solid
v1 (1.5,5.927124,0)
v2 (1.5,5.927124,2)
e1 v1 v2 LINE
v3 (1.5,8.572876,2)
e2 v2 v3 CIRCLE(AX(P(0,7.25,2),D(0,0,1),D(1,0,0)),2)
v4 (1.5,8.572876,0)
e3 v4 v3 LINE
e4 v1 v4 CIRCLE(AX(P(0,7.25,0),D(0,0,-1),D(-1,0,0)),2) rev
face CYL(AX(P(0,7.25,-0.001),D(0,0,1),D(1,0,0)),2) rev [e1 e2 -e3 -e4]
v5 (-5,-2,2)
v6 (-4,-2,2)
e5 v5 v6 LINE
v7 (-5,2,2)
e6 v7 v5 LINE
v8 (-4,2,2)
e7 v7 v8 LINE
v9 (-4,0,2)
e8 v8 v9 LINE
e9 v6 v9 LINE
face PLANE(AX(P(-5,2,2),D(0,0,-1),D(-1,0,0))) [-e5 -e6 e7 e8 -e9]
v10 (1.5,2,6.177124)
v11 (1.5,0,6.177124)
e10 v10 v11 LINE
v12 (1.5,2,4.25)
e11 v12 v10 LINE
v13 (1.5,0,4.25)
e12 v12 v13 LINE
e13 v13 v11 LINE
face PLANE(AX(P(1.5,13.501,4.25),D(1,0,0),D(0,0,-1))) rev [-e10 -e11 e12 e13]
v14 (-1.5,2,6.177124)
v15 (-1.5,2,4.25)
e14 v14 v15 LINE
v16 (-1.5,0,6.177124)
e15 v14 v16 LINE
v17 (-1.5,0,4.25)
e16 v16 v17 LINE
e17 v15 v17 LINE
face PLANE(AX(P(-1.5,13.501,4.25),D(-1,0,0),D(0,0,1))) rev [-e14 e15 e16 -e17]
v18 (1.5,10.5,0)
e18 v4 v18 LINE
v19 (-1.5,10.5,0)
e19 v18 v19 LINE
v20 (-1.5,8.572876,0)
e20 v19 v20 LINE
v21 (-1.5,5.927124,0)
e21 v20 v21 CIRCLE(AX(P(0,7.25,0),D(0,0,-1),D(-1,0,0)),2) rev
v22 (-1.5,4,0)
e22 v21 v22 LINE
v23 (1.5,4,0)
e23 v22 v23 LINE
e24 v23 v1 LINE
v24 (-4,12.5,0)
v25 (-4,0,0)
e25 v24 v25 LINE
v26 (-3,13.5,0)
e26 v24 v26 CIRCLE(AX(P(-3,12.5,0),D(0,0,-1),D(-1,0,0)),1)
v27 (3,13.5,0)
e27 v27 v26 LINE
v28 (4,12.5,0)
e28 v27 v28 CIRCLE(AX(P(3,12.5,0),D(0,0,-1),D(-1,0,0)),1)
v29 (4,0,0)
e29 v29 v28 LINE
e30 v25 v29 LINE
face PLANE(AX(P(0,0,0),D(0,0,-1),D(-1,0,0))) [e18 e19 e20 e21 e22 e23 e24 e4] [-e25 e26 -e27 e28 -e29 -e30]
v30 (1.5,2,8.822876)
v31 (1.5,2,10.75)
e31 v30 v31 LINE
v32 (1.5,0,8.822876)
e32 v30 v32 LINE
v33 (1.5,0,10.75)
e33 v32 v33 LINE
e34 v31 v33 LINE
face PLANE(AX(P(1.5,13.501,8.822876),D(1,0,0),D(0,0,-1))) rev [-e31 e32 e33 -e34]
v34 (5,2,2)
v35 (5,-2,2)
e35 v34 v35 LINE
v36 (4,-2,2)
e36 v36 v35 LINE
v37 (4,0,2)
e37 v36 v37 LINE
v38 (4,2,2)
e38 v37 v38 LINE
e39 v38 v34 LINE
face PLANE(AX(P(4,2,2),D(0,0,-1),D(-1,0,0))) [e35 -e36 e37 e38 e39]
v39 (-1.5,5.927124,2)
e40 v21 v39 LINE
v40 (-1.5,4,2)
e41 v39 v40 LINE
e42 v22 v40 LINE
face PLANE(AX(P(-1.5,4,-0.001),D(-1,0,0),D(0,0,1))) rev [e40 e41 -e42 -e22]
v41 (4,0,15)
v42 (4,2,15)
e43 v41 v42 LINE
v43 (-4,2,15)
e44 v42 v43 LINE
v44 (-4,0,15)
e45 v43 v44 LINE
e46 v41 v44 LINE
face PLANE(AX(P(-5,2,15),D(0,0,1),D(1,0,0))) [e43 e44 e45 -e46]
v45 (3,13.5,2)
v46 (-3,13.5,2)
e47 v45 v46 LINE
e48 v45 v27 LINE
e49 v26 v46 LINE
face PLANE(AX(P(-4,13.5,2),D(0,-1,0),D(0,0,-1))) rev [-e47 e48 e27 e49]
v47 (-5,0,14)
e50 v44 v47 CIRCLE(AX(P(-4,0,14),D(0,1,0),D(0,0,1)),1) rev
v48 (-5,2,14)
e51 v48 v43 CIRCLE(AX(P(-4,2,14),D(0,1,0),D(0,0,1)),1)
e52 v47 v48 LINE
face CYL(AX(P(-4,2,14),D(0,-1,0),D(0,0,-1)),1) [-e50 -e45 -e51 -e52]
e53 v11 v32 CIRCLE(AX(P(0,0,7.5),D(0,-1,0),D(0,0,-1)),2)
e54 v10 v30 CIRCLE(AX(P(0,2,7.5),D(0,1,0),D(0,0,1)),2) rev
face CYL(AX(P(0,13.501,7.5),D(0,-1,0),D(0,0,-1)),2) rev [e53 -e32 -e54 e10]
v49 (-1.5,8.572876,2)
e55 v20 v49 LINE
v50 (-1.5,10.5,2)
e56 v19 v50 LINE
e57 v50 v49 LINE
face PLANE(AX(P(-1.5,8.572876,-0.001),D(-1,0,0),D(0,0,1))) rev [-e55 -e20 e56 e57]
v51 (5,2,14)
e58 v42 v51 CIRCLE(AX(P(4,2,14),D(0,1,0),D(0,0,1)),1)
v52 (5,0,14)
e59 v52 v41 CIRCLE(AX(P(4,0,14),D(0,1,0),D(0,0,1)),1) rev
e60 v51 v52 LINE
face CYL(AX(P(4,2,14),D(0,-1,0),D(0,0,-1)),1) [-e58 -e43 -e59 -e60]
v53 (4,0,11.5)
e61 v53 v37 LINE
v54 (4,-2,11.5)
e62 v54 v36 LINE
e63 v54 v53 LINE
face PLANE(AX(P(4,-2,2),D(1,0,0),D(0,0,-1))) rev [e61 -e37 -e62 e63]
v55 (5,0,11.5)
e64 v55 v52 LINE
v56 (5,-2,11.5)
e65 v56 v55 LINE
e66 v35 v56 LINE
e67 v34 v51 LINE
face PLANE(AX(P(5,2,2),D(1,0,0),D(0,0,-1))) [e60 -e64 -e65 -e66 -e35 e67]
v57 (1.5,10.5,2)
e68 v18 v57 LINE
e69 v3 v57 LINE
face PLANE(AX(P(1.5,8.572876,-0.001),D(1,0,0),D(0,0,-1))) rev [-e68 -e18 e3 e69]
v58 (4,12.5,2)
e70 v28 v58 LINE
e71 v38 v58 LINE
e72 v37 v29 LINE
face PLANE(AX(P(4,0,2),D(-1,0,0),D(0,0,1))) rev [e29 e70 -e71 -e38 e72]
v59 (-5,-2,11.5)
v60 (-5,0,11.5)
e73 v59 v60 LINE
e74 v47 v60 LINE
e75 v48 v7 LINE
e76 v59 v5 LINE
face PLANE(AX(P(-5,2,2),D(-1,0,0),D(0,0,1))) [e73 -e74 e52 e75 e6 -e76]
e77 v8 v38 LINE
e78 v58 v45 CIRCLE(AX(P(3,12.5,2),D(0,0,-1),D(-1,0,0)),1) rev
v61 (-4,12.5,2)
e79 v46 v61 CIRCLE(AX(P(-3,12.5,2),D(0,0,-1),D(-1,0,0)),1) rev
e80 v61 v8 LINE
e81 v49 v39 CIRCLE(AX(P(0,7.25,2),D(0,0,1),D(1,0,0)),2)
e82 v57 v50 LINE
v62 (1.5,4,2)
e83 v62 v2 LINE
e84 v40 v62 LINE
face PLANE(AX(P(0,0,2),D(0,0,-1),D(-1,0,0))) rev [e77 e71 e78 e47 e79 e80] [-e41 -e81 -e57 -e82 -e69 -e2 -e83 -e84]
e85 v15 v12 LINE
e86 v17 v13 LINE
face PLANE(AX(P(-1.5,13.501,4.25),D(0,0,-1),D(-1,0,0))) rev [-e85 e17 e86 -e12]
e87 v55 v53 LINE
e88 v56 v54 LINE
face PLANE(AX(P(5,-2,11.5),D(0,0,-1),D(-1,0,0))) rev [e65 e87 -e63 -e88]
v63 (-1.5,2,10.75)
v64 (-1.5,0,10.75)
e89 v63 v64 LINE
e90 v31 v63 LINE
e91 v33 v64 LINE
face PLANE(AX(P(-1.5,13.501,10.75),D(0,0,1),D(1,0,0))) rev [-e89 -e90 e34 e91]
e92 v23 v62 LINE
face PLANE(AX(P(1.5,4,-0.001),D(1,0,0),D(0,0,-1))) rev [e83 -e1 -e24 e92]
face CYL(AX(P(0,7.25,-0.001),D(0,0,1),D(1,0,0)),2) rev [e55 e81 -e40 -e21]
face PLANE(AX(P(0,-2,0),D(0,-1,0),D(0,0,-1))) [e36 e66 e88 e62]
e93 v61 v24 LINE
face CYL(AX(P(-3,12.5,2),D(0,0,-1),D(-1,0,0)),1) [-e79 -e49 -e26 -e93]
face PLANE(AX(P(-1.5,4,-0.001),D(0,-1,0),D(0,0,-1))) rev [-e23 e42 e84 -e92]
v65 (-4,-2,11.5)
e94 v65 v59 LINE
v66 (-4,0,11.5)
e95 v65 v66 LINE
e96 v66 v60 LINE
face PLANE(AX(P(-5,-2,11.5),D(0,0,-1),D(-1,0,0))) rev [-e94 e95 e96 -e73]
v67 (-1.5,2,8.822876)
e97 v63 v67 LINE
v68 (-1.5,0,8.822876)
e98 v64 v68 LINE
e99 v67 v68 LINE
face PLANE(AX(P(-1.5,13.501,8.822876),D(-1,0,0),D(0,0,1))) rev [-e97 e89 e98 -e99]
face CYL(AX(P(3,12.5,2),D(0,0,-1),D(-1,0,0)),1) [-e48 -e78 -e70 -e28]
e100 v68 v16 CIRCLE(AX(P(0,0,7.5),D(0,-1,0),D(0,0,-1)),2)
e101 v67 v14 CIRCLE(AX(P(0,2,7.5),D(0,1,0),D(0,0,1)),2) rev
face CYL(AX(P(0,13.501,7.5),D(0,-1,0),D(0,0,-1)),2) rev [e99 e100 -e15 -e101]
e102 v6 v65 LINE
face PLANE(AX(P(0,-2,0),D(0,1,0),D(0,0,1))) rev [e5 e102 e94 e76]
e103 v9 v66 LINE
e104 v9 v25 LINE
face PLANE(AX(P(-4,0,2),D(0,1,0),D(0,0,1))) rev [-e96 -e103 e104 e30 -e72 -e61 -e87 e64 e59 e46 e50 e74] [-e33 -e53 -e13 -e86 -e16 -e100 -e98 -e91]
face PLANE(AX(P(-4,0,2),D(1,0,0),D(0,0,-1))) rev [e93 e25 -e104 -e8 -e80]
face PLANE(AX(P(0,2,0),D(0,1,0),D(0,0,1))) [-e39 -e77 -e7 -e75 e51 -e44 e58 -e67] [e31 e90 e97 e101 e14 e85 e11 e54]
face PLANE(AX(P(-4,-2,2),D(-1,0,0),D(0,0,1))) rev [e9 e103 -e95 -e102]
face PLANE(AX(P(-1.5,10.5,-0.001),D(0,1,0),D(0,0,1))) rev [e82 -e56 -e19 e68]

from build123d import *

# Parameters (mm, degrees)
SKETCH_1_W          = 8
SKETCH_1_H          = 13.5
EXTRUDE_1_DEPTH     = 2
EXTRUDE_2_DEPTH     = 2
SKETCH_3_W          = 1
SKETCH_3_H          = 9.5
EXTRUDE_3_DEPTH     = 2
CUT_EXTRUDE_1_REACH = 22.791
CUT_EXTRUDE_2_REACH = 21.397
FILLET_1_R          = 1


with BuildPart() as part:
    # 草图1 → 凸台-拉伸1 (new body)
    with BuildSketch(Plane.XY):
        with Locations((0, 6.75)):
            Rectangle(SKETCH_1_W, SKETCH_1_H)
    extrude(amount=EXTRUDE_1_DEPTH)

    # 草图2 → 凸台-拉伸2 (add)
    with BuildSketch(Plane(origin=(0, 0, 0), x_dir=(-1, 0, 0), z_dir=(0, -1, 0))):
        Polygon((-4, -2), (-5, -2), (-5, -15), (5, -15), (5, -2), (4, -2), (4, 0), (-4, 0), align=None)
    extrude(amount=-EXTRUDE_2_DEPTH)

    # 草图3 → 凸台-拉伸3 (add)
    with BuildSketch(Plane(origin=(0, 0, 0), x_dir=(-1, 0, 0), z_dir=(0, -1, 0))):
        with Locations((4.5, -6.75)):
            Rectangle(SKETCH_3_W, SKETCH_3_H)
        with Locations((-4.5, -6.75)):
            Rectangle(SKETCH_3_W, SKETCH_3_H)
    extrude(amount=EXTRUDE_3_DEPTH)

    # 草图4 → 切除-拉伸1 (cut, up to next)
    with BuildSketch(Plane(origin=(0, 0, 0), x_dir=(-1, 0, 0), z_dir=(0, -1, 0)), mode=Mode.PRIVATE) as cut_extrude_1_sk1:
        with BuildLine():
            Line((1.5, -8.822875656), (1.5, -10.75))
            Line((1.5, -10.75), (-1.5, -10.75))
            Line((-1.5, -10.75), (-1.5, -8.822875656))
            ThreePointArc((-1.5, -8.822875656), (-2, -7.5), (-1.5, -6.177124344))
            Line((-1.5, -6.177124344), (-1.5, -4.25))
            Line((-1.5, -4.25), (1.5, -4.25))
            Line((1.5, -4.25), (1.5, -6.177124344))
            ThreePointArc((1.5, -6.177124344), (2, -7.5), (1.5, -8.822875656))
        make_face()
    cut_extrude_1_tool1 = extrude(cut_extrude_1_sk1.sketch, amount=-CUT_EXTRUDE_1_REACH, mode=Mode.PRIVATE) & part.part
    add(cut_extrude_1_tool1.solids().sort_by_distance((0, 0, 7.5))[0], mode=Mode.SUBTRACT)

    # 草图5 → 切除-拉伸2 (cut, up to next)
    with BuildSketch(Plane.XY.offset(2), mode=Mode.PRIVATE) as cut_extrude_2_sk1:
        with BuildLine():
            Line((-1.5, 8.572875656), (-1.5, 10.5))
            Line((-1.5, 10.5), (1.5, 10.5))
            Line((1.5, 10.5), (1.5, 8.572875656))
            ThreePointArc((1.5, 8.572875656), (2, 7.25), (1.5, 5.927124344))
            Line((1.5, 5.927124344), (1.5, 4))
            Line((1.5, 4), (-1.5, 4))
            Line((-1.5, 4), (-1.5, 5.927124344))
            ThreePointArc((-1.5, 5.927124344), (-2, 7.25), (-1.5, 8.572875656))
        make_face()
    cut_extrude_2_tool1 = extrude(cut_extrude_2_sk1.sketch, amount=-CUT_EXTRUDE_2_REACH, mode=Mode.PRIVATE) & part.part
    add(cut_extrude_2_tool1.solids().sort_by_distance((0, 7.25, 2))[0], mode=Mode.SUBTRACT)

    # 圆角1
    fillet_1_edges = [part.edges().sort_by_distance(p)[0] for p in [
        (-5, 1, 15),
        (5, 1, 15),
        (-4, 13.5, 1),
        (4, 13.5, 1),
    ]]
    fillet(fillet_1_edges, radius=FILLET_1_R)


solid = part.part
